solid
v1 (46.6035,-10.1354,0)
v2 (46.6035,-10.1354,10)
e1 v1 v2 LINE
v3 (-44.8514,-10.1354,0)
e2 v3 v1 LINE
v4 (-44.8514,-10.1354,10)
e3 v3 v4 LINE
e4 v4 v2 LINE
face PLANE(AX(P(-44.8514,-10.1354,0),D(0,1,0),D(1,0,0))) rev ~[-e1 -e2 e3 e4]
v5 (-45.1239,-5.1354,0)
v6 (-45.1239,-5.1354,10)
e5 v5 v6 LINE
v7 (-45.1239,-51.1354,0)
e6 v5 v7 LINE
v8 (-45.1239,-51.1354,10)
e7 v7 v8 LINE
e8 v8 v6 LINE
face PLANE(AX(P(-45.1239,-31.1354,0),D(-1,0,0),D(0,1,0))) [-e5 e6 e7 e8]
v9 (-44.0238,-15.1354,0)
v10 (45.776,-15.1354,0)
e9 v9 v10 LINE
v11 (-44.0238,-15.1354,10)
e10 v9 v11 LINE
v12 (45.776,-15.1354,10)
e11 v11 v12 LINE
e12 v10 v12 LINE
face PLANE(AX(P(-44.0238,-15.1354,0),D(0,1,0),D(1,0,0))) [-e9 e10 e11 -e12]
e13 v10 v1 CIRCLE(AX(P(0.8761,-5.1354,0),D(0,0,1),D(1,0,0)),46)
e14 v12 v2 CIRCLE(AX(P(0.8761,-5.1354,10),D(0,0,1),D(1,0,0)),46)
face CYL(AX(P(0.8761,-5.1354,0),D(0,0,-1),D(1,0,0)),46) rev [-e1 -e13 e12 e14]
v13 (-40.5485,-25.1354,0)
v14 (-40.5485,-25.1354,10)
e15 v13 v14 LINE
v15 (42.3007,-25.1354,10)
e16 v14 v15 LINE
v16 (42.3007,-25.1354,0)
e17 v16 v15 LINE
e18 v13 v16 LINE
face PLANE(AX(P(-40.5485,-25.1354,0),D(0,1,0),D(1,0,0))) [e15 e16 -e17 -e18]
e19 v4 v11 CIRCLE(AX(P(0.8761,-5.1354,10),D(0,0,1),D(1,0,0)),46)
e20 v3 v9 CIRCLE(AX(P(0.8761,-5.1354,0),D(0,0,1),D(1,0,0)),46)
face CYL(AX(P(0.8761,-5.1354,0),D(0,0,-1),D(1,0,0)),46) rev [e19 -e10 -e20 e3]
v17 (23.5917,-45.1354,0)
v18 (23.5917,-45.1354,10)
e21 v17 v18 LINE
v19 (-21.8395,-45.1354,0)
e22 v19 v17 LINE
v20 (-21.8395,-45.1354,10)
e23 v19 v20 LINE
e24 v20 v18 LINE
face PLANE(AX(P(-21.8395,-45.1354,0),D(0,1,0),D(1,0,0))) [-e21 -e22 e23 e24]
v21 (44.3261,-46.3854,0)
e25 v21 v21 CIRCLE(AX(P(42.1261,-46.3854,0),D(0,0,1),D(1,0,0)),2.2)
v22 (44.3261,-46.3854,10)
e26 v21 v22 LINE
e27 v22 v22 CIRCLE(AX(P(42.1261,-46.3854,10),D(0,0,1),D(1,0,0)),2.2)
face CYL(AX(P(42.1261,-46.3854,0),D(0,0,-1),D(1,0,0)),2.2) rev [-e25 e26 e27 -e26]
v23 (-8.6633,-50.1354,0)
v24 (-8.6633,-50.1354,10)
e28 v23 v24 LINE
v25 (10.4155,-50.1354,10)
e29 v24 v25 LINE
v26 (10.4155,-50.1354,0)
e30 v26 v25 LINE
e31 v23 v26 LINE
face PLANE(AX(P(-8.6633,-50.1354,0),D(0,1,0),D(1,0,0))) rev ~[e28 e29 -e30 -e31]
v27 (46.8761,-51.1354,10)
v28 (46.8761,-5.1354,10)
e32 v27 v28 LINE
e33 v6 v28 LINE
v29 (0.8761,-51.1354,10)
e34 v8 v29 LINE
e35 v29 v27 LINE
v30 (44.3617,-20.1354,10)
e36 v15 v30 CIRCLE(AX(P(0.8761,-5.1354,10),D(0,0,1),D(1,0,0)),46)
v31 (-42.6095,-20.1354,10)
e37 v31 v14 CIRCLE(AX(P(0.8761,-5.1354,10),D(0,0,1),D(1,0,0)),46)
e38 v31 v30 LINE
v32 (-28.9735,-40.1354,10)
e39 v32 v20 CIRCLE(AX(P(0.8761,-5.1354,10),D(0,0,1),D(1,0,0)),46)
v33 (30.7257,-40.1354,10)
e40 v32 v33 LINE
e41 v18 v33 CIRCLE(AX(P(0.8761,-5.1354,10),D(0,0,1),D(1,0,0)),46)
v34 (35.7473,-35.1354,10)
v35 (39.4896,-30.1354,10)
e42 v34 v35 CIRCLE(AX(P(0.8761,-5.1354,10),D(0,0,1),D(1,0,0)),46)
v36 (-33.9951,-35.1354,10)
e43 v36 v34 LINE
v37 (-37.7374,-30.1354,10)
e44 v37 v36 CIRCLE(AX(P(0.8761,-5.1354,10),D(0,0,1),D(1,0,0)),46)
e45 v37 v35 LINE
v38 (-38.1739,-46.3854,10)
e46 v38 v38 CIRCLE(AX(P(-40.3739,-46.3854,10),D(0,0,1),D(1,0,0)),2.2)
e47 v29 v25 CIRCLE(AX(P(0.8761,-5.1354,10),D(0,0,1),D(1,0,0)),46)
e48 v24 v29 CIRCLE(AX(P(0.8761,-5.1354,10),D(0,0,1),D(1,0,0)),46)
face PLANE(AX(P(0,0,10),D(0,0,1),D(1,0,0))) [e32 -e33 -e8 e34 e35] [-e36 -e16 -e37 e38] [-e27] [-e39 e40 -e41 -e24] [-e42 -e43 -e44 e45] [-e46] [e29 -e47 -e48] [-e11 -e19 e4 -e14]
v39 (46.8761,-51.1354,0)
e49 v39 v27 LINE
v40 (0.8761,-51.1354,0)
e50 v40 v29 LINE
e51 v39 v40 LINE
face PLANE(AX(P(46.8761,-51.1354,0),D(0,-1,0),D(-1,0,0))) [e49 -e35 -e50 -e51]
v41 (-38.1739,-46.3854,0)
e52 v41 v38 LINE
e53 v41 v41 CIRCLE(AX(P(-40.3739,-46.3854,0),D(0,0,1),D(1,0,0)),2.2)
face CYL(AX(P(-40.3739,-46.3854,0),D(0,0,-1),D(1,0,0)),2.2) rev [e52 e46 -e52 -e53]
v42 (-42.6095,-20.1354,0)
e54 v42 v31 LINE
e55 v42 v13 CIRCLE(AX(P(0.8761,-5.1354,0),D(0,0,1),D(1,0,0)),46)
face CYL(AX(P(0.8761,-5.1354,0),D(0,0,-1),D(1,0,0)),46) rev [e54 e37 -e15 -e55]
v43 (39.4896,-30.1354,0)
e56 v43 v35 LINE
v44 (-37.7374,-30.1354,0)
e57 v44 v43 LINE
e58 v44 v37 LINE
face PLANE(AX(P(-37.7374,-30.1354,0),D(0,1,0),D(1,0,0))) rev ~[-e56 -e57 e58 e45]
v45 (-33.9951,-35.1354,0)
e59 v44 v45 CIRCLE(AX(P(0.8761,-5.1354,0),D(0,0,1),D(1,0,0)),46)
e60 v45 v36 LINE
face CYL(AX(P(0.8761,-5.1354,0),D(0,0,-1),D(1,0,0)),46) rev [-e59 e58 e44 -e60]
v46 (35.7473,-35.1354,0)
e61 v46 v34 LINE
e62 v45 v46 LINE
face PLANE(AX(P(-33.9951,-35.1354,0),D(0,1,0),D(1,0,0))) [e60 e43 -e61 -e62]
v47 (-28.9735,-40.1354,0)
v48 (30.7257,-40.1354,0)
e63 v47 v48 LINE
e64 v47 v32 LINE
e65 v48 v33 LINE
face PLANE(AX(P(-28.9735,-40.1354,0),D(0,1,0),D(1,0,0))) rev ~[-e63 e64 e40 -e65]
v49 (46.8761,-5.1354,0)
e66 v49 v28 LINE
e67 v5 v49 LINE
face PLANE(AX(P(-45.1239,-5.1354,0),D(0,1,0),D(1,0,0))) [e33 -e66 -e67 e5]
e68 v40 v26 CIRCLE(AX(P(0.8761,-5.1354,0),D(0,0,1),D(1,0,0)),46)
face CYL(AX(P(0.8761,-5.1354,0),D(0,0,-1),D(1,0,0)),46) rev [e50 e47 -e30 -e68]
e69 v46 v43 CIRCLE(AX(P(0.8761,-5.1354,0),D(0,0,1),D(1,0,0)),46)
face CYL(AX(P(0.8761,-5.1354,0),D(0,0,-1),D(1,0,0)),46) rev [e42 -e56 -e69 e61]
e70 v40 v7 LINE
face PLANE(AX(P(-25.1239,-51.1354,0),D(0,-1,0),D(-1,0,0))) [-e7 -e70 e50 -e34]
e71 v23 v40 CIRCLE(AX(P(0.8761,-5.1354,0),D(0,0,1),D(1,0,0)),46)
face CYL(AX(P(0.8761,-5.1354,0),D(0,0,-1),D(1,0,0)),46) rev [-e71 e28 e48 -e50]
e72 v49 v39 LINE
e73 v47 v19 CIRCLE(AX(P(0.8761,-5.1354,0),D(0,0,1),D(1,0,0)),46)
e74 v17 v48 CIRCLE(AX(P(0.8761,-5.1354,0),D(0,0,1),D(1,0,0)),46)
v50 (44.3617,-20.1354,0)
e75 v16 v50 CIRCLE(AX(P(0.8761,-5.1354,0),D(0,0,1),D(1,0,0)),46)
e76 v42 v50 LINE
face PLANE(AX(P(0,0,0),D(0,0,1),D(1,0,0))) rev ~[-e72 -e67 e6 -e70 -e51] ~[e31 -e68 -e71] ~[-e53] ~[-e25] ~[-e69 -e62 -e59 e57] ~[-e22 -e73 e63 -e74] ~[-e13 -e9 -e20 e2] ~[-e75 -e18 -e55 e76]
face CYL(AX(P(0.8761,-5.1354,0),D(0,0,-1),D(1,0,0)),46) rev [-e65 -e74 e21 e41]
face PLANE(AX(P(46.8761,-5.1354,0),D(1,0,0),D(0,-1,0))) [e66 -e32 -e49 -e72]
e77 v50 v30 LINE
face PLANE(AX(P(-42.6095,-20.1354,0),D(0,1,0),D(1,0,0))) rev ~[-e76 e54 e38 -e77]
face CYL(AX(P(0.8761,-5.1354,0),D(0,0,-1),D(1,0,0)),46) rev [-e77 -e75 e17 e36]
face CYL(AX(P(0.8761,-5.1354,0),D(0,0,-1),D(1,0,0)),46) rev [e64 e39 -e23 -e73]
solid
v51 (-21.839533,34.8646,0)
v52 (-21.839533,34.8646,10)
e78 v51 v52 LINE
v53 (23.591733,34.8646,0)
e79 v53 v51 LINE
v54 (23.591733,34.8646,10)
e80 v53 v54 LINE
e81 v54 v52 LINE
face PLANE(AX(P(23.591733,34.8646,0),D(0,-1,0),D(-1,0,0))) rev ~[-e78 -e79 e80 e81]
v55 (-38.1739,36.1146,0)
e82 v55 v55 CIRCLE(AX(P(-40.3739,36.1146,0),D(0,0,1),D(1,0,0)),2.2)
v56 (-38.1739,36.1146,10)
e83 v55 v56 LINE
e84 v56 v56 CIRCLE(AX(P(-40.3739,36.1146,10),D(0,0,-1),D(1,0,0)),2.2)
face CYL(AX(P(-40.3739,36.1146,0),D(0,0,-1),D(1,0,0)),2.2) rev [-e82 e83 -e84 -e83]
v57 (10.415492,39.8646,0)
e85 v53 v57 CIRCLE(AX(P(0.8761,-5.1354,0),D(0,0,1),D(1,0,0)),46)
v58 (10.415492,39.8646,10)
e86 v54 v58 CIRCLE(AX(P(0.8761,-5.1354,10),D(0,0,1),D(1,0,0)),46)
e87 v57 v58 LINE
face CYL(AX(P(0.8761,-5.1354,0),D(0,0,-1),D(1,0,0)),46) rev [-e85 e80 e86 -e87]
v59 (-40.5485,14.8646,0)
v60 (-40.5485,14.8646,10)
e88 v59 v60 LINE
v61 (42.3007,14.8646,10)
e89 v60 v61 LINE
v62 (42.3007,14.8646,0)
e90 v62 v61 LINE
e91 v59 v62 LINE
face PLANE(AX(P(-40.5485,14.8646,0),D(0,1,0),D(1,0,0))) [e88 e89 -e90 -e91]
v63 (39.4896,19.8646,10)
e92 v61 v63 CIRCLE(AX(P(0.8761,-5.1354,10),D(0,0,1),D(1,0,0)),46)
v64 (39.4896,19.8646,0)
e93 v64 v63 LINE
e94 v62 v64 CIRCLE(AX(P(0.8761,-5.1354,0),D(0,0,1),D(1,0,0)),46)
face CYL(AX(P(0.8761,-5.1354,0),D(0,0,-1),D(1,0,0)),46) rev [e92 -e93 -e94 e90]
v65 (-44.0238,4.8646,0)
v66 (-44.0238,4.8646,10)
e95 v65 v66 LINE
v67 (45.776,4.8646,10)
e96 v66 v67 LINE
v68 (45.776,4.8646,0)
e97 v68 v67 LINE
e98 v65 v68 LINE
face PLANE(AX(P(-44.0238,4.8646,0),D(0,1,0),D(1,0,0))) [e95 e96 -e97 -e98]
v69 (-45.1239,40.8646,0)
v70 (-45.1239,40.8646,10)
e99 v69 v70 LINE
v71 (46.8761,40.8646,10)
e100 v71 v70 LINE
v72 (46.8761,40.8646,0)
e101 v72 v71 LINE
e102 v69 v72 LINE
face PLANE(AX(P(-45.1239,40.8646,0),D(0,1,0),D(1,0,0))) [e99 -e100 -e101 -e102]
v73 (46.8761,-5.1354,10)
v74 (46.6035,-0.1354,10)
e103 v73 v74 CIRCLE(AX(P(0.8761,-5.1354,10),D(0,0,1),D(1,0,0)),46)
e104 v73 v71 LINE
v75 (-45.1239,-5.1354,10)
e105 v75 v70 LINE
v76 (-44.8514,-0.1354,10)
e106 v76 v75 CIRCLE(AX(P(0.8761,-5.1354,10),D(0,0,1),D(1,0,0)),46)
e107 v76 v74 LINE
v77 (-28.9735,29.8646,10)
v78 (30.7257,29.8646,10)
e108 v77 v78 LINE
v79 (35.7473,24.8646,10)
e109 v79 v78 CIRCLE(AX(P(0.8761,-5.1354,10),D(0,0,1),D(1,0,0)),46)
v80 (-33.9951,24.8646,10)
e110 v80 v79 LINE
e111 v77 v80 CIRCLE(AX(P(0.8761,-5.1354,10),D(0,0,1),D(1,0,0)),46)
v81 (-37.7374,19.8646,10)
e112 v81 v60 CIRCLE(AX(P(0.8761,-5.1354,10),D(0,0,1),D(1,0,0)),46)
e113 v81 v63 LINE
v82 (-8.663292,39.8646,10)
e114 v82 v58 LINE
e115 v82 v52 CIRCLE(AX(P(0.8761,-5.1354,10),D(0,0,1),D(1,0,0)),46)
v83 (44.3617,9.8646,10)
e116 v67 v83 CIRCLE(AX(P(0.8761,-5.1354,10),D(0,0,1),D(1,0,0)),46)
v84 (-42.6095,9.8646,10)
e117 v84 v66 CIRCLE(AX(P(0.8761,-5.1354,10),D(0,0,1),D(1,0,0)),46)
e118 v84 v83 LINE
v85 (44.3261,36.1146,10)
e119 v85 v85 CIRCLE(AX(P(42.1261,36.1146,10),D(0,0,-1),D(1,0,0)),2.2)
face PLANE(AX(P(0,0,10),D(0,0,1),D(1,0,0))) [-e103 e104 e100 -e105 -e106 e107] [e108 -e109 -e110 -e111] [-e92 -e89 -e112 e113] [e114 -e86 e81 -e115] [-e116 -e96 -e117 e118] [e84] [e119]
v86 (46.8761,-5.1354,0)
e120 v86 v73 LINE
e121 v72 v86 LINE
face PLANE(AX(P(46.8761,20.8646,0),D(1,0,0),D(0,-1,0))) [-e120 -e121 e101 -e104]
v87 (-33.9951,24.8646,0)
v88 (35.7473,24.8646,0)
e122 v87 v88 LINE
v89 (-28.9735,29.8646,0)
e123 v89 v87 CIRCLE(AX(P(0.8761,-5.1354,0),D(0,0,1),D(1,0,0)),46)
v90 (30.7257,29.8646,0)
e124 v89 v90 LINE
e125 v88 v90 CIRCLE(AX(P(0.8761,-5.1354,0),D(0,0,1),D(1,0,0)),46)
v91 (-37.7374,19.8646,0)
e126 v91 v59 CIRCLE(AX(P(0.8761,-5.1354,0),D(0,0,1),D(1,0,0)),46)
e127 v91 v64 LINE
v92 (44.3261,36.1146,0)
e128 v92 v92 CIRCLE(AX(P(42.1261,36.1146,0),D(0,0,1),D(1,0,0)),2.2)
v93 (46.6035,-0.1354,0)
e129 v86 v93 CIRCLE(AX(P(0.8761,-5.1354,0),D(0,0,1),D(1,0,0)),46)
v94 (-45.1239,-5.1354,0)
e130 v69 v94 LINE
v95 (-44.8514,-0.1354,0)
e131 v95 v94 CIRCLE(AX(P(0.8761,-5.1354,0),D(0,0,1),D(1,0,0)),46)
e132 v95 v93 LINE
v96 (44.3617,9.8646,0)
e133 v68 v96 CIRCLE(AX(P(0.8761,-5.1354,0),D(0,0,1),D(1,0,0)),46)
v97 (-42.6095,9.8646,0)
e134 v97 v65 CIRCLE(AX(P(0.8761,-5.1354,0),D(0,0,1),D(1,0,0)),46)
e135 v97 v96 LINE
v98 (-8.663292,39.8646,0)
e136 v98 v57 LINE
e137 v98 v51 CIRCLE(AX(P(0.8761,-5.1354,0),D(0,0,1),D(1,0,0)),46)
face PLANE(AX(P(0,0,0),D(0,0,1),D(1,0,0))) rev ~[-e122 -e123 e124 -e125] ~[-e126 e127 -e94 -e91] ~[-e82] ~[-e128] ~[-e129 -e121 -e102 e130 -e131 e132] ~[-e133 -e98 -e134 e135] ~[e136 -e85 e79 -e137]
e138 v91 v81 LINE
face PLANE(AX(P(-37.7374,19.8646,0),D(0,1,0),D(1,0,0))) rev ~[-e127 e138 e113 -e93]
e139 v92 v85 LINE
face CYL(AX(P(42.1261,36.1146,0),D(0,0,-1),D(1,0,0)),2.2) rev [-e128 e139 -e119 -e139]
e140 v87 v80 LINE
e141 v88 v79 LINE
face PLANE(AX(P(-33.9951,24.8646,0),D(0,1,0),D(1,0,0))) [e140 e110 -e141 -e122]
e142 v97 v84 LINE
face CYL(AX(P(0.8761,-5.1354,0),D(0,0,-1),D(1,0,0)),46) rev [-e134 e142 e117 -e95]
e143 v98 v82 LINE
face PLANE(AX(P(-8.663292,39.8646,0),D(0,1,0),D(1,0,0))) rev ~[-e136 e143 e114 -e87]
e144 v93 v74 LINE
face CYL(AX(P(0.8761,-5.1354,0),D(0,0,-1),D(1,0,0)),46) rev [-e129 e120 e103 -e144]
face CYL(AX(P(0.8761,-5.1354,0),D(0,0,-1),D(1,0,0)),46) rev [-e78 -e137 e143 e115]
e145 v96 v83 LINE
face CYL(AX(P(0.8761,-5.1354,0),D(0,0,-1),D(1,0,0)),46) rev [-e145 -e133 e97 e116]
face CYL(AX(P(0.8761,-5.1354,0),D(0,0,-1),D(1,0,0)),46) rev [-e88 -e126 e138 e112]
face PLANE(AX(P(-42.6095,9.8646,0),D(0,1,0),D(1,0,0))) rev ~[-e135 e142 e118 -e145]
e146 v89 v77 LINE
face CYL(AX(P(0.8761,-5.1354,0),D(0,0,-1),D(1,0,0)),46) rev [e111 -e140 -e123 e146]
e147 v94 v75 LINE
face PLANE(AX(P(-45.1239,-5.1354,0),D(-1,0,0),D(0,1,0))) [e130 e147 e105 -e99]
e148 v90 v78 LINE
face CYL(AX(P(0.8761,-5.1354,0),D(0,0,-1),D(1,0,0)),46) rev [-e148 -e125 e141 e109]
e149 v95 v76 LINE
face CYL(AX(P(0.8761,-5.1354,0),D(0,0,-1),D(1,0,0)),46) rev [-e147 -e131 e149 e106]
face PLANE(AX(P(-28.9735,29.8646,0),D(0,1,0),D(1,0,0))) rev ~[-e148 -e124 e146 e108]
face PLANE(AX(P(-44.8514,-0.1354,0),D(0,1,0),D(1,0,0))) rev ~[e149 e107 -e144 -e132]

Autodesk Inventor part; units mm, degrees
ref_plane "Plan YZ" through (0, 0, 0) normal (1, 0, 0) x (0, 1, 0)
ref_plane "Plan XZ" through (0, 0, 0) normal (0, 1, 0) x (-1, 0, 0)
ref_plane "Plan XY" through (0, 0, 0) normal (0, 0, 1) x (1, 0, 0)
sketch "Esquisse1" plane through (0, 0, 0) normal (0, 0, 1) x (1, 0, 0)
  line L0 (-45.1239, -31.1354) -> (-45.1239, 20.8646)
  circle A0 centre (-40.3739, -46.3854) radius 2.2
  circle A1 centre (-40.3739, 36.1146) radius 2.2
  line L1 (-25.1239, 40.8646) -> (-45.1239, 20.8646)
  line L2 (-45.1239, -31.1354) -> (-25.1239, -51.1354)
  line L3 (26.8761, -51.1354) -> (-25.1239, -51.1354)
  line L4 (-25.1239, 40.8646) -> (26.8761, 40.8646)
  circle A2 centre (42.1261, -46.3854) radius 2.2
  line L5 (26.8761, -51.1354) -> (46.8761, -31.1354)
  line L6 (46.8761, 20.8646) -> (46.8761, -31.1354)
  line L7 (46.8761, 40.8646) -> (-45.1239, -51.1354) construction
  line L8 (-45.1239, 40.8646) -> (46.8761, -51.1354) construction
  circle A3 centre (42.1261, 36.1146) radius 2.2
  line L9 (46.8761, 20.8646) -> (26.8761, 40.8646)
  line L10 (-45.1239, 40.8646) -> (46.8761, 40.8646)
  line L11 (46.8761, 40.8646) -> (46.8761, -51.1354)
  line L12 (46.8761, -51.1354) -> (-45.1239, -51.1354)
  line L13 (-45.1239, -51.1354) -> (-45.1239, 40.8646)
  circle A4 centre (0.8761, -5.1354) radius 46
  line L14 (-45.1239, 39.8646) -> (46.8761, 39.8646)
  line L15 (46.8761, 39.8646) -> (46.8761, 34.8646)
  line L16 (46.8761, 34.8646) -> (-45.1239, 34.8646)
  line L17 (-45.1239, 34.8646) -> (-45.1239, 39.8646)
  line L18 (-28.9735, 29.8646) -> (30.7257, 29.8646)
  line L19 (-33.9951, 24.8646) -> (35.7473, 24.8646)
  line L20 (-37.7374, 19.8646) -> (39.4896, 19.8646)
  line L21 (-40.5485, 14.8646) -> (42.3007, 14.8646)
  line L22 (-37.7374, 19.8646) -> (39.4896, 19.8646)
  line L23 (-42.6095, 9.8646) -> (44.3617, 9.8646)
  line L24 (-44.0238, 4.8646) -> (45.776, 4.8646)
  line L25 (-45.1239, -5.1354) -> (46.8761, -5.1354)
  line L26 (-44.8514, -0.1354) -> (46.6035, -0.1354)
  line L27 (-44.8514, -10.1354) -> (46.6035, -10.1354)
  line L28 (-44.0238, -15.1354) -> (45.776, -15.1354)
  line L29 (-42.6095, -20.1354) -> (44.3617, -20.1354)
  line L30 (-40.5485, -25.1354) -> (42.3007, -25.1354)
  line L31 (-37.7374, -30.1354) -> (39.4896, -30.1354)
  line L32 (-33.9951, -35.1354) -> (35.7473, -35.1354)
  line L33 (-28.9735, -40.1354) -> (30.7257, -40.1354)
  line L34 (-21.8395, -45.1354) -> (23.5917, -45.1354)
  line L35 (-8.6633, -50.1354) -> (10.4155, -50.1354)
  point P0 (0, 0)
  point P1 (-0.1239, 48.3646)
  point P2 (-45.1239, -5.1354)
  point P3 (-45.1239, -5.1354)
  point P4 (0.8761, -51.1354)
  point P5 (46.8761, -5.1354)
  point P6 (46.8761, -5.1354)
  point P7 (10.4155, 39.8646)
  point P8 (23.5917, 34.8646)
  point P9 (-21.8395, 34.8646)
  point P10 (-8.6633, 39.8646)
  dimension "d0" = 92
  dimension "d1" = 92
  dimension "d2" = 20
  dimension "d3" = 20
  dimension "d4" = 20
  dimension "d5" = 20
  dimension "d6" = 20
  dimension "d7" = 20
  dimension "d8" = 20
  dimension "d9" = 20
  dimension "d10" = 4.4
  dimension "d11" = 4.4
  dimension "d12" = 4.4
  dimension "d13" = 4.4
  dimension "d14" = 4.75
  dimension "d15" = 4.75
  dimension "d16" = 5
  dimension "d17" = 5
  dimension "d18" = 5
  dimension "d19" = 5
  dimension "d20" = 5
  dimension "d21" = 5
  dimension "d22" = 5
  dimension "d23" = 5
  dimension "d25" = 5
  dimension "d26" = 5
  dimension "d27" = 5
  dimension "d28" = 5
  dimension "d29" = 5
  dimension "d30" = 5
  dimension "d31" = 5
  dimension "d32" = 5
  dimension "d33" = 5
  dimension "d34" = 5
  dimension "d35" = 5
extrude "Extrusion1" add sketch "Esquisse1" along normal blind 10 contours L0 A4 L3 L2 | L2 L12 L13 | L0 L1 L16 A4 | L25 A4 L27 | L13 L16 A1 L1 | A4 L24 L26 | A4 L16 L9 L6 | L6 L5 L3 A4 | L16 A1 L13 L14 L1 | L1 L14 A4 L16 | L28 A4 L29 | L9 L16 A3 L11 | L11 L12 L5 | A4 L34 L35 | L14 L13 L10 L1 | L1 L4 A4 L14 | L16 A4 L18 | A4 L21 L23 | L16 A4 L14 L9 | L9 L14 L11 L16 A3 | A4 L14 | L30 A4 L31 | L14 A4 L4 L9 | L9 L10 L11 L14 | A4 L32 L33 | L19 A4 L20
equation "\"d3\" = d2"
equation "\"d4\" = d2"
equation "\"d5\" = d4"
equation "\"d6\" = d2"
equation "\"d7\" = d6"
equation "\"d8\" = d2"
equation "\"d9\" = d8"
properties part number "PlaqueProtectionVentilo"
